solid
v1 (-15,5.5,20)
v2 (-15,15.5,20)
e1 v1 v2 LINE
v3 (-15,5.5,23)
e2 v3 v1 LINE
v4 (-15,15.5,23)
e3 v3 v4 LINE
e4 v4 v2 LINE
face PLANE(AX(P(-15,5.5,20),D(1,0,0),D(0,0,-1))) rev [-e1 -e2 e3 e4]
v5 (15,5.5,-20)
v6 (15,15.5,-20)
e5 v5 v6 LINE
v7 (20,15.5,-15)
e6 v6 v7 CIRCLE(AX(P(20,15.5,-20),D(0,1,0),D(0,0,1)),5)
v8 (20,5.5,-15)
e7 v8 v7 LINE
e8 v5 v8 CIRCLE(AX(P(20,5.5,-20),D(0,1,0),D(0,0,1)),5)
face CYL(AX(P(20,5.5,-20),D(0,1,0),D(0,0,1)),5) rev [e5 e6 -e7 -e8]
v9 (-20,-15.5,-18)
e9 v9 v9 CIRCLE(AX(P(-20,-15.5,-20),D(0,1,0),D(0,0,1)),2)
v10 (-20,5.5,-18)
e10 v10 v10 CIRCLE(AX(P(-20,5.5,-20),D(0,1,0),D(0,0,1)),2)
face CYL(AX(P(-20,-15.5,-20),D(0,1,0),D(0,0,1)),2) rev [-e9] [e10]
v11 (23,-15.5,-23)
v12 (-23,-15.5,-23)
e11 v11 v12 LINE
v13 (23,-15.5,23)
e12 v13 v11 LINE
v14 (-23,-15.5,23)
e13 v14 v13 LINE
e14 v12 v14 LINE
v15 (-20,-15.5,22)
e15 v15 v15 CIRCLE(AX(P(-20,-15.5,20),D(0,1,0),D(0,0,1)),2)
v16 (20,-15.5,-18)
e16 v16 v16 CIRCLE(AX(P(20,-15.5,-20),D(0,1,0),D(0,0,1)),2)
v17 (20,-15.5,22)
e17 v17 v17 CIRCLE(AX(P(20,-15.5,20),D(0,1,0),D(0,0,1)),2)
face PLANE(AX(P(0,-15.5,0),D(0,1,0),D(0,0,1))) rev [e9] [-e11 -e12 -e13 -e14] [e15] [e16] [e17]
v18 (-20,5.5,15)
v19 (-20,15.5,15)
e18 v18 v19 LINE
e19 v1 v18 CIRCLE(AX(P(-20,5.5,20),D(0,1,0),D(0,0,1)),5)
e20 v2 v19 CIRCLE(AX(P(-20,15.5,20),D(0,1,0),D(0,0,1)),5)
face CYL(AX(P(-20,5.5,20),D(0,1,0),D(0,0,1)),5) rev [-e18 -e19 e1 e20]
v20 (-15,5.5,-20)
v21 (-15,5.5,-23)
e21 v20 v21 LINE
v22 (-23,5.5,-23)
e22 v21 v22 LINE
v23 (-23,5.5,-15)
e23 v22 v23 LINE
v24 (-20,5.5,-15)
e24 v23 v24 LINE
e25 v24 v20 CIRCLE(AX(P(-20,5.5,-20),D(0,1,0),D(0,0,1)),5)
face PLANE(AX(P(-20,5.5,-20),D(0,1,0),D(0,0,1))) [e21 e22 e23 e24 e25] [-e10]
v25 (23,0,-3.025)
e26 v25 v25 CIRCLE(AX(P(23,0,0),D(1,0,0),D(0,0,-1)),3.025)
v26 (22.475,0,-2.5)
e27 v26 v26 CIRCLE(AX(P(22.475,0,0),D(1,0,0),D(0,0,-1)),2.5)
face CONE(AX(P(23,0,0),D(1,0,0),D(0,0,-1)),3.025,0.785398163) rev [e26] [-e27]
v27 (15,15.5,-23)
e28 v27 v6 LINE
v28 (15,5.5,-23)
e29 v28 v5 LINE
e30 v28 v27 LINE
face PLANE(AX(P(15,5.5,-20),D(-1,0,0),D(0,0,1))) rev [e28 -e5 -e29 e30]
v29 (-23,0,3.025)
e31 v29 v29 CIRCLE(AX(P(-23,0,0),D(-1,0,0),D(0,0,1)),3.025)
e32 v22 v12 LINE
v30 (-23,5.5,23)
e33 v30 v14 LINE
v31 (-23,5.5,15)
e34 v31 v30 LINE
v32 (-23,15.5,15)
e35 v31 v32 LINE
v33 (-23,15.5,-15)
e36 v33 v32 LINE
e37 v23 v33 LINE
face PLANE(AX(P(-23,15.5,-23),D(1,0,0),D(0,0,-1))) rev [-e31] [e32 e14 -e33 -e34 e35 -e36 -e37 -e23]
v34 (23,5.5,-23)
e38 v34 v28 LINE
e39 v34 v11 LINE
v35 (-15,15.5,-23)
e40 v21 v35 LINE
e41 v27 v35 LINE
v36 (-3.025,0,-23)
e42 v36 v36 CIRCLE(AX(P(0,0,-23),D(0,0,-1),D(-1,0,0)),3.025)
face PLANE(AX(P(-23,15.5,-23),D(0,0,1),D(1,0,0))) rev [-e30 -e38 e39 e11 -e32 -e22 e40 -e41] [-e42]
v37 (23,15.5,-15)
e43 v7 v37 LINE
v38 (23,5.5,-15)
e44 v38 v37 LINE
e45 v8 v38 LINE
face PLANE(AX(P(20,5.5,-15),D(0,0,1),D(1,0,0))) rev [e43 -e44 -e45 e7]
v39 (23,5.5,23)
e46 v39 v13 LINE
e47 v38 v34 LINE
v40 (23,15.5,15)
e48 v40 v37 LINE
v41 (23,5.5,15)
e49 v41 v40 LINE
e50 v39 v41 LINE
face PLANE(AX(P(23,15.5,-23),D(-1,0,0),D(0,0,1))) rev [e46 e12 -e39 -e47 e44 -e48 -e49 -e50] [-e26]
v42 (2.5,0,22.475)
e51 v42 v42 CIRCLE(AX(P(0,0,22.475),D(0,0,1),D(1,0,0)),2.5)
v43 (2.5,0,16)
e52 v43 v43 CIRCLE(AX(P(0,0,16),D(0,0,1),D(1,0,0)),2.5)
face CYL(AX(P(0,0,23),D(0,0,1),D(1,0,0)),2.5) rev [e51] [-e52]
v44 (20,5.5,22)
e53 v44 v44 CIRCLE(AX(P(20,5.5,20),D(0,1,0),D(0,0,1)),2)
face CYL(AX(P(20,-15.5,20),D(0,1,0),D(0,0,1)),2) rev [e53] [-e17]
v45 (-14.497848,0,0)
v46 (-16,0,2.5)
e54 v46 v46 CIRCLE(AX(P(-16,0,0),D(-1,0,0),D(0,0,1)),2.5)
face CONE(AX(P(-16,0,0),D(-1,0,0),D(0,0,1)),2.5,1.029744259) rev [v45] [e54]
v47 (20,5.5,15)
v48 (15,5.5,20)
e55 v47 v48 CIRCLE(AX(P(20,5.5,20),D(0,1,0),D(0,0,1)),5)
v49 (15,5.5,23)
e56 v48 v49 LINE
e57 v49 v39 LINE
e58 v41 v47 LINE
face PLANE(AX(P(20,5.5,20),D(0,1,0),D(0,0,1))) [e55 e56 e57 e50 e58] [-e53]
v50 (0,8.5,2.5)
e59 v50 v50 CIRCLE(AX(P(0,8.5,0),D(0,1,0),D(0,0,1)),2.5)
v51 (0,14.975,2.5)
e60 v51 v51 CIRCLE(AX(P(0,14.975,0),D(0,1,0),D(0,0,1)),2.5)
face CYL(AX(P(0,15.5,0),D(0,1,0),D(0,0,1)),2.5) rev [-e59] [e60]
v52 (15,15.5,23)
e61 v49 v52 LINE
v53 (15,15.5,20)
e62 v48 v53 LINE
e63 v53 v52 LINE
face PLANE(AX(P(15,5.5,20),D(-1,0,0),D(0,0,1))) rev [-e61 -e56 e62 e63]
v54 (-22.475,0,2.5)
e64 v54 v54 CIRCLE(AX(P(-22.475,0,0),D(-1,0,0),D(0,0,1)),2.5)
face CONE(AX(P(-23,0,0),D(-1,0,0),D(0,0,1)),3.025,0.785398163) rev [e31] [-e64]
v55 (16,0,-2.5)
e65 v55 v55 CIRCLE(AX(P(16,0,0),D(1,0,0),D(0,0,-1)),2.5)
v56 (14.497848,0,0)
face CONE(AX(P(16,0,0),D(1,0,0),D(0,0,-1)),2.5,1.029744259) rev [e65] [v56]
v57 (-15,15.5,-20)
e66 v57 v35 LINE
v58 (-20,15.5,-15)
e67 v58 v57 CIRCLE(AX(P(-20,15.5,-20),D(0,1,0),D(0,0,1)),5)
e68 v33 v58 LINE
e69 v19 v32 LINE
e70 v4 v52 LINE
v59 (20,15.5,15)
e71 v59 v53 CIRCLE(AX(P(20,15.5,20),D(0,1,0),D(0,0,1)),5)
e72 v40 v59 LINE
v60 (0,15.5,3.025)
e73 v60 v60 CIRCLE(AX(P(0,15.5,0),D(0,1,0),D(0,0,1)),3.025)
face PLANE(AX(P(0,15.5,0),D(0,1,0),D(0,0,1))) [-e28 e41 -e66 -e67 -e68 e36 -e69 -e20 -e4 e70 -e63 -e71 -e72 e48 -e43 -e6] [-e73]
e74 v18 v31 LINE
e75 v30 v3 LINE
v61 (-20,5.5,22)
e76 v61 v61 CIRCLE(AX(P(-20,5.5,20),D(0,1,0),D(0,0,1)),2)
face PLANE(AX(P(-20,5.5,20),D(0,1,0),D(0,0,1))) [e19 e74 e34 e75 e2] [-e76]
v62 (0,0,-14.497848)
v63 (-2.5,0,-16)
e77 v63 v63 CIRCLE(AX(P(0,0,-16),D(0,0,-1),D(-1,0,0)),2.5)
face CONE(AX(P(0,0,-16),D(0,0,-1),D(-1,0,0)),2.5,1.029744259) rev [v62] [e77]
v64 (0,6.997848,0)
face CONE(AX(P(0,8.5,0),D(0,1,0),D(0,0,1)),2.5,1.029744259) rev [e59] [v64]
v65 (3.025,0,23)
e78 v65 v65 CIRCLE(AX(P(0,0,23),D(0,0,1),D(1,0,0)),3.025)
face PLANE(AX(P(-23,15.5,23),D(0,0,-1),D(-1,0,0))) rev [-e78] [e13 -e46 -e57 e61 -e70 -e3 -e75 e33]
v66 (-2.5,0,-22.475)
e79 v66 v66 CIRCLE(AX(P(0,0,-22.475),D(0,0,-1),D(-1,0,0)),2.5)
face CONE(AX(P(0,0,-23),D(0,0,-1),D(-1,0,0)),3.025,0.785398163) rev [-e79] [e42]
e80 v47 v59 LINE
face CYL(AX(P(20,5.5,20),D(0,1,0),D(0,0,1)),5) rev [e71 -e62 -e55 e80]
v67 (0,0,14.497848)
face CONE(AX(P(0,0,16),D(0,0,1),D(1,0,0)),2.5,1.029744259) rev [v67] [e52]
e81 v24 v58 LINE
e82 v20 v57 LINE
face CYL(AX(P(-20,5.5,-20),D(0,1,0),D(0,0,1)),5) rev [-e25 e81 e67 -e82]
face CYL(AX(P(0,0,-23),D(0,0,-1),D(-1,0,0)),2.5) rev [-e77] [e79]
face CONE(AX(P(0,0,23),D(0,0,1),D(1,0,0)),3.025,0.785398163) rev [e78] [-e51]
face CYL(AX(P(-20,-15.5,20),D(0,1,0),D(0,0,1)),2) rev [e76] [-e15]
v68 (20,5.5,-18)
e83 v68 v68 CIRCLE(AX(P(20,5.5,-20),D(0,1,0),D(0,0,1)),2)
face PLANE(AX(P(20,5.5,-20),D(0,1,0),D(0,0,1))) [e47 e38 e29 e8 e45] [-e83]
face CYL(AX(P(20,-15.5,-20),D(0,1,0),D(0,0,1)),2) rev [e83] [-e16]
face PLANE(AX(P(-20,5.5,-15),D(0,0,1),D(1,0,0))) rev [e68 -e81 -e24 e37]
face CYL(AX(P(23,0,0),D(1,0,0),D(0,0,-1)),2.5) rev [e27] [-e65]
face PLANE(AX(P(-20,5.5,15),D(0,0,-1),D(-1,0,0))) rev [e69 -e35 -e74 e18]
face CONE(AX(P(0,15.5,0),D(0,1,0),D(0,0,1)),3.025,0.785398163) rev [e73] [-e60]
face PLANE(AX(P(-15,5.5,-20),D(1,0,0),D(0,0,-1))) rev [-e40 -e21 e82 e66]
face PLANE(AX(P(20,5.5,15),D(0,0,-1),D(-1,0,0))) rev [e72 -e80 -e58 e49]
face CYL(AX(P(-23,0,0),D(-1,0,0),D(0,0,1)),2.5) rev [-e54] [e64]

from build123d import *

# Parameters (mm, degrees)
SKETCH_1_W                   = 46
SKETCH_1_H                   = 46
EXTRUDE_1_DEPTH              = 15.5
CUT_EXTRUDE_1_DEPTH          = 10
SKETCH_4_R                   = 2
CUT_EXTRUDE_2_DEPTH          = 39.716921365
PATTERN_CIRCULAR_1_COUNT     = 4
HOLE_WIZARD_M6_2_D           = 5
HOLE_WIZARD_M6_2_DEPTH       = 7
HOLE_WIZARD_M6_2_CSINK_D     = 6.05
HOLE_WIZARD_M6_2_CSINK_ANGLE = 90
HOLE_WIZARD_M6_2_TIP         = 1.502151548


with BuildPart() as part:
    # 草图1 → 凸台-拉伸1 (new, symmetric)
    with BuildSketch(Plane(origin=(0, 0, 0), x_dir=(1, 0, 0), z_dir=(0, 1, 0))):
        Rectangle(SKETCH_1_W, SKETCH_1_H)
    extrude(amount=EXTRUDE_1_DEPTH, both=True)

    # 草图2 → 切除-拉伸1 (cut)
    with BuildSketch(Plane(origin=(0, 15.5, 0), x_dir=(1, 0, 0), z_dir=(0, 1, 0))):
        with BuildLine():
            Line((15, 20), (15, 23))
            Line((15, 23), (23, 23))
            Line((23, 23), (23, 15))
            Line((23, 15), (20, 15))
            ThreePointArc((20, 15), (16.464466094, 16.464466094), (15, 20))
        make_face()
        with BuildLine():
            Line((20, -15), (23, -15))
            Line((23, -15), (23, -23))
            Line((23, -23), (15, -23))
            Line((15, -23), (15, -20))
            ThreePointArc((15, -20), (16.464466094, -16.464466094), (20, -15))
        make_face()
        with BuildLine():
            Line((-15, -20), (-15, -23))
            Line((-15, -23), (-23, -23))
            Line((-23, -23), (-23, -15))
            Line((-23, -15), (-20, -15))
            ThreePointArc((-20, -15), (-16.464466094, -16.464466094), (-15, -20))
        make_face()
        with BuildLine():
            Line((-20, 15), (-23, 15))
            Line((-23, 15), (-23, 23))
            Line((-23, 23), (-15, 23))
            Line((-15, 23), (-15, 20))
            ThreePointArc((-15, 20), (-16.464466094, 16.464466094), (-20, 15))
        make_face()
    extrude(amount=-CUT_EXTRUDE_1_DEPTH, mode=Mode.SUBTRACT)

    # 草图4 → 切除-拉伸2 (cut, through all)
    with BuildSketch(Plane(origin=(0, 5.5, 0), x_dir=(1, 0, 0), z_dir=(0, 1, 0))):
        with Locations(Location((20, 20, 0), (0, 0, 270))):
            Circle(SKETCH_4_R)
        with Locations(Location((20, -20, 0), (0, 0, 270))):
            Circle(SKETCH_4_R)
        with Locations(Location((-20, -20, 0), (0, 0, 270))):
            Circle(SKETCH_4_R)
        with Locations(Location((-20, 20, 0), (0, 0, 270))):
            Circle(SKETCH_4_R)
    extrude(amount=-CUT_EXTRUDE_2_DEPTH, mode=Mode.SUBTRACT)

    # 草图6 → M6 螺纹孔1 (revolve, cut)
    with BuildSketch(Plane(origin=(0, 0, 23), x_dir=(0, -1, 0), z_dir=(1, 0, 0))):
        Polygon((0, 0), (0, 8.502151548), (2.5, 7), (2.5, 0.525), (3.025, 0), align=None)
    hole_wizard_m6_1 = revolve(axis=Axis((0, 0, 29.35), (0, 0, -1)), mode=Mode.SUBTRACT)

    # 阵列(圆周)1: M6 螺纹孔1 ×4 about axis
    pattern_circular_1_axis = Axis((0, 15.5, 0), (0, 1, 0))
    for i in range(1, PATTERN_CIRCULAR_1_COUNT):
        add(hole_wizard_m6_1.rotate(pattern_circular_1_axis, i * 360 / PATTERN_CIRCULAR_1_COUNT), mode=Mode.SUBTRACT)

    # M6 螺纹孔2
    with Locations(Plane(origin=(0, 15.5, 0), x_dir=(1, 0, 0), z_dir=(0, 1, 0))):
        with Locations((0, 0)):
            CounterSinkHole(HOLE_WIZARD_M6_2_D / 2, HOLE_WIZARD_M6_2_CSINK_D / 2, depth=HOLE_WIZARD_M6_2_DEPTH, counter_sink_angle=HOLE_WIZARD_M6_2_CSINK_ANGLE)
            with Locations((0, 0, -(HOLE_WIZARD_M6_2_DEPTH + HOLE_WIZARD_M6_2_TIP / 2))):  # 118° drill point
                Cone(0, HOLE_WIZARD_M6_2_D / 2, HOLE_WIZARD_M6_2_TIP, mode=Mode.SUBTRACT)


solid = part.part
